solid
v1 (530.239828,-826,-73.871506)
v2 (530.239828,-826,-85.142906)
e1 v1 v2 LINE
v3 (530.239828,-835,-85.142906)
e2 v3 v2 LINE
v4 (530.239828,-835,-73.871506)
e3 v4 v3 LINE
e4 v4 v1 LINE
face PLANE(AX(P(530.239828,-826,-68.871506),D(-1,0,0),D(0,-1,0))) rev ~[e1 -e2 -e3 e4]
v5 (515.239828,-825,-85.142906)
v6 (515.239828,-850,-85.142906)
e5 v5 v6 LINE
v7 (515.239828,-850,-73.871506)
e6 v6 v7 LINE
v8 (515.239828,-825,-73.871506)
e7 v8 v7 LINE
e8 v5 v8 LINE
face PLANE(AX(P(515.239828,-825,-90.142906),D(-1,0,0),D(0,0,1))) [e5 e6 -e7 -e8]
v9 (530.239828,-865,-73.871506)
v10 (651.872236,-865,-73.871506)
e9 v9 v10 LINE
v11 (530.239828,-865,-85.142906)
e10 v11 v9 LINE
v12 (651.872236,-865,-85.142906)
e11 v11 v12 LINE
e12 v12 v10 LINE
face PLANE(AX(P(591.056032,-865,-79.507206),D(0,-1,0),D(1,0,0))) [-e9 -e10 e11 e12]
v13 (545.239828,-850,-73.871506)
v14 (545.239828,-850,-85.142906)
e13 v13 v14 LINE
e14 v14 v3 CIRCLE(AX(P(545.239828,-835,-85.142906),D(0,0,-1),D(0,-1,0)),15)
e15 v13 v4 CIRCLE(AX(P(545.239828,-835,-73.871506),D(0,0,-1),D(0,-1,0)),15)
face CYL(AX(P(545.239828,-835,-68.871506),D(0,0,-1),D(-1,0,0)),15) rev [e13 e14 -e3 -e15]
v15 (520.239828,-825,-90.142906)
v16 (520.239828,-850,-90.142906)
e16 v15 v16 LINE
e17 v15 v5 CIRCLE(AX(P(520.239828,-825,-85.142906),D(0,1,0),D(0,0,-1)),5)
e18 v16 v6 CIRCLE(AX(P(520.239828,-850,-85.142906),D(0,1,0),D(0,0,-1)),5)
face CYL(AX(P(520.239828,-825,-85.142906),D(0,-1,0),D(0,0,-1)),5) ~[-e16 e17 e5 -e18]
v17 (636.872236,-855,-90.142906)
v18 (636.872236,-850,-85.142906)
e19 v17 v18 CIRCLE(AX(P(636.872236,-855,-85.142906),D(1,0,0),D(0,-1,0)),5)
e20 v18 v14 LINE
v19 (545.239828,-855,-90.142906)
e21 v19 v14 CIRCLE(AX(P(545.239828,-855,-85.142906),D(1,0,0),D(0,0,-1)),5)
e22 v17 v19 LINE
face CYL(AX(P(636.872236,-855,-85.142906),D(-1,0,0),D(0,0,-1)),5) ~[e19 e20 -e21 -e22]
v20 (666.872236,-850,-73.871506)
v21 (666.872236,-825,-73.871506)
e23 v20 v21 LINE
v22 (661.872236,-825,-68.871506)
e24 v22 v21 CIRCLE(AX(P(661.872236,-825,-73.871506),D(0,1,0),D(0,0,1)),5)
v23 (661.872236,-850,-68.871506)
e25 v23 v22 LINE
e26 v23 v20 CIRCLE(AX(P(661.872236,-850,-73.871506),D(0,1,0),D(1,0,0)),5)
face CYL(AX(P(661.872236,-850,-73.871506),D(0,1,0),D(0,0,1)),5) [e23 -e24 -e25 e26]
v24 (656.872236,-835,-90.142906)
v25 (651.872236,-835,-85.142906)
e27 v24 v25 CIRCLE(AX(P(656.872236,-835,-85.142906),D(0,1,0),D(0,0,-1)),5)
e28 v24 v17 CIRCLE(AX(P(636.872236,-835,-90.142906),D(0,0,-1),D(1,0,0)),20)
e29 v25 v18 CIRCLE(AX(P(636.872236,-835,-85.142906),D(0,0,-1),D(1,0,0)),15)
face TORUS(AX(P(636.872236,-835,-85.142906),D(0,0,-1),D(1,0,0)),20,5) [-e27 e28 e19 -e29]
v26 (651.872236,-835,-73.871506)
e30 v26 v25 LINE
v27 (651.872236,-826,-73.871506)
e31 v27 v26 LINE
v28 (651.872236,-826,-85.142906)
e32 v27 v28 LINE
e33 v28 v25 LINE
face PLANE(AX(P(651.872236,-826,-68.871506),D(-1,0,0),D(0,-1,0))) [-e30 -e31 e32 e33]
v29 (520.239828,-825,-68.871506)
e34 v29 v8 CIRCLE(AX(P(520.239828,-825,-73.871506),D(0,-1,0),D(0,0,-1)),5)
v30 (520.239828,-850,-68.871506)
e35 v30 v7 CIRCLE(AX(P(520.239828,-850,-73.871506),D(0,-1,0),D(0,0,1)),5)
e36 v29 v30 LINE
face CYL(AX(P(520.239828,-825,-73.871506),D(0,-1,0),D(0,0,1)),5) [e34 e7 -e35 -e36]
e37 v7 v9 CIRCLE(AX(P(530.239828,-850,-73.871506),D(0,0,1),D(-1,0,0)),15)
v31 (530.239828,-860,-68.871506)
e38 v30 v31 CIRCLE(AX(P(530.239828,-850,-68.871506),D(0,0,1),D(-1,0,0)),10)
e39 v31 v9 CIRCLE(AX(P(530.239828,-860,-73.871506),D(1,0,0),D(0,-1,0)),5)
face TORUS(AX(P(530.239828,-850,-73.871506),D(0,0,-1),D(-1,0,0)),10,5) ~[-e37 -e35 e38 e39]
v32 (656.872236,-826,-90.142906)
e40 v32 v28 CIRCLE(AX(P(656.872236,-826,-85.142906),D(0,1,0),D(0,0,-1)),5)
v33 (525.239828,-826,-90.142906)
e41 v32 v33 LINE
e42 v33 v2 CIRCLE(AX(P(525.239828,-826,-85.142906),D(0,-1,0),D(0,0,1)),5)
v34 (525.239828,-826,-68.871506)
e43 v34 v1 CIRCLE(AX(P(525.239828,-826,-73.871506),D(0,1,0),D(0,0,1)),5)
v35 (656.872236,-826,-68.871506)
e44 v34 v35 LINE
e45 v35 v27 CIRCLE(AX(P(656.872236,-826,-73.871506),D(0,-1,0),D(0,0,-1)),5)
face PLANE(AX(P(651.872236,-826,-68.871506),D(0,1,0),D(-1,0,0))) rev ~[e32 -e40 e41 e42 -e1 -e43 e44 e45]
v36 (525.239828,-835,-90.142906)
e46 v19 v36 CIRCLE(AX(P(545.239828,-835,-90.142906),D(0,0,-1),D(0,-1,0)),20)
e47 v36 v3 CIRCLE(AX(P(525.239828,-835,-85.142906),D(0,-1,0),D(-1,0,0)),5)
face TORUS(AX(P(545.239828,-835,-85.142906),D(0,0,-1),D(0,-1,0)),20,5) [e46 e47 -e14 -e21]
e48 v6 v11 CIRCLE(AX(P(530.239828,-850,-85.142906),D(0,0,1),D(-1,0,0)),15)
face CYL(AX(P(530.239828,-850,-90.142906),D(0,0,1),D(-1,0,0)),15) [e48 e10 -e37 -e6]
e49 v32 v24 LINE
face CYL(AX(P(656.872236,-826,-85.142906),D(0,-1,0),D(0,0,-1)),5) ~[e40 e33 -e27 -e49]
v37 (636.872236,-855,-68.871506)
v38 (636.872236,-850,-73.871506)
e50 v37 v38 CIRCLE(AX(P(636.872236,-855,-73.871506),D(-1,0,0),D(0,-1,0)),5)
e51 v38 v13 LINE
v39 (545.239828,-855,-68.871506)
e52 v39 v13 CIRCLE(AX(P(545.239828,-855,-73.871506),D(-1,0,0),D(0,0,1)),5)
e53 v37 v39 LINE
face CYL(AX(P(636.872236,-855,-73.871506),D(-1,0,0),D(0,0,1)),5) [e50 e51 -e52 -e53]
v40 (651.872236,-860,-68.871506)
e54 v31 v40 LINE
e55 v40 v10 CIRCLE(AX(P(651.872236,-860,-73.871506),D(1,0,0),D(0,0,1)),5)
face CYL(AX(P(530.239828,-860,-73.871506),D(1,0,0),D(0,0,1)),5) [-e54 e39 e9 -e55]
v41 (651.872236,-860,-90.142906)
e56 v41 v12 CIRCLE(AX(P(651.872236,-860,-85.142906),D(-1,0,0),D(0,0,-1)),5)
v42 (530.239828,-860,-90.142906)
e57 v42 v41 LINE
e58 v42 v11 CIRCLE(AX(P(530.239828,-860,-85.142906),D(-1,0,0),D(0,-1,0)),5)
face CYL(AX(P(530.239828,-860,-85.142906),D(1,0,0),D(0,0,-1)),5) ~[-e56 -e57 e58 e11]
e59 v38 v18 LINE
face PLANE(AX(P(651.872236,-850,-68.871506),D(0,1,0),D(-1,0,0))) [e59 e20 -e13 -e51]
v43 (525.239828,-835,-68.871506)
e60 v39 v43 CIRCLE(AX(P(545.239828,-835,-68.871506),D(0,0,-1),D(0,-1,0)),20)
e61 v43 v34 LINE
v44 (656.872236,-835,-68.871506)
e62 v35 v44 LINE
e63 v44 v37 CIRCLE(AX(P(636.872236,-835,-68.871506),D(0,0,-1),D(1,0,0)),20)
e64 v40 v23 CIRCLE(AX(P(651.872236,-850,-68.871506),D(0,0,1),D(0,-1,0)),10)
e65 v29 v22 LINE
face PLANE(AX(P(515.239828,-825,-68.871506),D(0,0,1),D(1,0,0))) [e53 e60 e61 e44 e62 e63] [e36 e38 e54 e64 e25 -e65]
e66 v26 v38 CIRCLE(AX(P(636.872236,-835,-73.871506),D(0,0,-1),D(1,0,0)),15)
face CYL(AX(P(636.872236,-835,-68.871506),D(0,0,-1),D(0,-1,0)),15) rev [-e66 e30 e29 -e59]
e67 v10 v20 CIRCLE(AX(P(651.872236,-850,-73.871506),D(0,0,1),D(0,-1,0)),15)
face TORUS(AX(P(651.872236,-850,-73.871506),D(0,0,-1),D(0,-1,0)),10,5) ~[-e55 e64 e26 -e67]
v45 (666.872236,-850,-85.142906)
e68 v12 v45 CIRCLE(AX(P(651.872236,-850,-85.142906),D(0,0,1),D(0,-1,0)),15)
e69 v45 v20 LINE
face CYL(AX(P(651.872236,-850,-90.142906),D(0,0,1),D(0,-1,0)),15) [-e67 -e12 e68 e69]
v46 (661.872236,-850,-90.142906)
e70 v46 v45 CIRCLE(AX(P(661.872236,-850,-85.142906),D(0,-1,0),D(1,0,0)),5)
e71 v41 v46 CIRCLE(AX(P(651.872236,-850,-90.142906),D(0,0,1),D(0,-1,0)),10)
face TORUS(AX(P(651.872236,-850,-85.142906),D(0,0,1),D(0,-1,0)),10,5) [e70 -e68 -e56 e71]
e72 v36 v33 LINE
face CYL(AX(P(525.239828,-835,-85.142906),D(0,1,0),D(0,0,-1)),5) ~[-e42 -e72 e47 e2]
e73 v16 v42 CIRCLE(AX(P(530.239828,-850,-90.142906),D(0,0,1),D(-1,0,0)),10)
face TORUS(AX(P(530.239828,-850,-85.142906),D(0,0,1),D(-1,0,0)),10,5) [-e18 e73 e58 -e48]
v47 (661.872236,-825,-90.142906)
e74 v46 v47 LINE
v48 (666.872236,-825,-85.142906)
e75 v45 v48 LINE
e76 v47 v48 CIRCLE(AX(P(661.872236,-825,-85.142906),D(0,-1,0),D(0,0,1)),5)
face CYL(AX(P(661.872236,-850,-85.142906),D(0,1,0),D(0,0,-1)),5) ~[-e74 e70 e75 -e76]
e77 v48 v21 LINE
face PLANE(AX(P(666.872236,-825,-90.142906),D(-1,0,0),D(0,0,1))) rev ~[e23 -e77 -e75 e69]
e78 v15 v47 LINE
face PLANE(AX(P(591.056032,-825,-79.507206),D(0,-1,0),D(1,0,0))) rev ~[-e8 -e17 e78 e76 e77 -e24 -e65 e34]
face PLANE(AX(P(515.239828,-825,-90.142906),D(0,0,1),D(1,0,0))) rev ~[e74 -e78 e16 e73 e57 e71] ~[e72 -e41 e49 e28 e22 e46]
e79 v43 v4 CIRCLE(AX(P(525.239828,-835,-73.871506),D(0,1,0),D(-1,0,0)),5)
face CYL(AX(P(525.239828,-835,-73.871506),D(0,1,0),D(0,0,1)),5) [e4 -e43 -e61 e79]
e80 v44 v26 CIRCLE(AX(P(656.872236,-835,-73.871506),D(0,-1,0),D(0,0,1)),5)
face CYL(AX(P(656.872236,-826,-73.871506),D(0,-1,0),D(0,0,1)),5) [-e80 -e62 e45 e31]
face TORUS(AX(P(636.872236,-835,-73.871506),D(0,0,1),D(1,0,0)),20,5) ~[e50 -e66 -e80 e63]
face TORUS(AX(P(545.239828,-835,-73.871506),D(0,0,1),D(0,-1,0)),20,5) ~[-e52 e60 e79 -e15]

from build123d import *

# Parameters (mm, degrees)
SKETCH020_W     = 151.632409
SKETCH020_H     = 21.2714
PAD012_DEPTH    = 40
SKETCH021_W     = 121.632409
SKETCH021_H     = 24
POCKET008_DEPTH = 21.2724
FILLET012_R     = 15
FILLET013_R     = 5


with BuildPart() as part:
    # Sketch020 (on Face1 of CopyPocket007) → Pad012 (new body)
    with BuildSketch(Plane.XZ.offset(825)):
        with Locations((591.056032, -79.507206)):
            Rectangle(SKETCH020_W, SKETCH020_H)
    extrude(amount=PAD012_DEPTH)

    # Sketch021 (on Face4 of Pad012) → Pocket008 (cut, through all)
    with BuildSketch(Plane(origin=(0, 0, -68.871506), x_dir=(-1, 0, 0), z_dir=(0, 0, 1))):
        with Locations((-591.056032, 838)):
            Rectangle(SKETCH021_W, SKETCH021_H)
    extrude(amount=-POCKET008_DEPTH, mode=Mode.SUBTRACT)

    # Fillet012
    fillet012_edges = [part.edges().sort_by_distance(p)[0] for p in [
        (515.239828, -865, -79.507206),
        (666.872237, -865, -79.507206),
        (651.872237, -850, -79.507206),
        (530.239828, -850, -79.507206),
    ]]
    fillet(fillet012_edges, radius=FILLET012_R)

    # Fillet013
    fillet013_edges = [part.edges().sort_by_distance(p)[0] for p in [
        (591.056032, -850, -68.871506),
        (591.056032, -850, -90.142906),
        (591.056032, -865, -68.871506),
        (591.056032, -865, -90.142906),
    ]]
    fillet(fillet013_edges, radius=FILLET013_R)


solid = part.part
